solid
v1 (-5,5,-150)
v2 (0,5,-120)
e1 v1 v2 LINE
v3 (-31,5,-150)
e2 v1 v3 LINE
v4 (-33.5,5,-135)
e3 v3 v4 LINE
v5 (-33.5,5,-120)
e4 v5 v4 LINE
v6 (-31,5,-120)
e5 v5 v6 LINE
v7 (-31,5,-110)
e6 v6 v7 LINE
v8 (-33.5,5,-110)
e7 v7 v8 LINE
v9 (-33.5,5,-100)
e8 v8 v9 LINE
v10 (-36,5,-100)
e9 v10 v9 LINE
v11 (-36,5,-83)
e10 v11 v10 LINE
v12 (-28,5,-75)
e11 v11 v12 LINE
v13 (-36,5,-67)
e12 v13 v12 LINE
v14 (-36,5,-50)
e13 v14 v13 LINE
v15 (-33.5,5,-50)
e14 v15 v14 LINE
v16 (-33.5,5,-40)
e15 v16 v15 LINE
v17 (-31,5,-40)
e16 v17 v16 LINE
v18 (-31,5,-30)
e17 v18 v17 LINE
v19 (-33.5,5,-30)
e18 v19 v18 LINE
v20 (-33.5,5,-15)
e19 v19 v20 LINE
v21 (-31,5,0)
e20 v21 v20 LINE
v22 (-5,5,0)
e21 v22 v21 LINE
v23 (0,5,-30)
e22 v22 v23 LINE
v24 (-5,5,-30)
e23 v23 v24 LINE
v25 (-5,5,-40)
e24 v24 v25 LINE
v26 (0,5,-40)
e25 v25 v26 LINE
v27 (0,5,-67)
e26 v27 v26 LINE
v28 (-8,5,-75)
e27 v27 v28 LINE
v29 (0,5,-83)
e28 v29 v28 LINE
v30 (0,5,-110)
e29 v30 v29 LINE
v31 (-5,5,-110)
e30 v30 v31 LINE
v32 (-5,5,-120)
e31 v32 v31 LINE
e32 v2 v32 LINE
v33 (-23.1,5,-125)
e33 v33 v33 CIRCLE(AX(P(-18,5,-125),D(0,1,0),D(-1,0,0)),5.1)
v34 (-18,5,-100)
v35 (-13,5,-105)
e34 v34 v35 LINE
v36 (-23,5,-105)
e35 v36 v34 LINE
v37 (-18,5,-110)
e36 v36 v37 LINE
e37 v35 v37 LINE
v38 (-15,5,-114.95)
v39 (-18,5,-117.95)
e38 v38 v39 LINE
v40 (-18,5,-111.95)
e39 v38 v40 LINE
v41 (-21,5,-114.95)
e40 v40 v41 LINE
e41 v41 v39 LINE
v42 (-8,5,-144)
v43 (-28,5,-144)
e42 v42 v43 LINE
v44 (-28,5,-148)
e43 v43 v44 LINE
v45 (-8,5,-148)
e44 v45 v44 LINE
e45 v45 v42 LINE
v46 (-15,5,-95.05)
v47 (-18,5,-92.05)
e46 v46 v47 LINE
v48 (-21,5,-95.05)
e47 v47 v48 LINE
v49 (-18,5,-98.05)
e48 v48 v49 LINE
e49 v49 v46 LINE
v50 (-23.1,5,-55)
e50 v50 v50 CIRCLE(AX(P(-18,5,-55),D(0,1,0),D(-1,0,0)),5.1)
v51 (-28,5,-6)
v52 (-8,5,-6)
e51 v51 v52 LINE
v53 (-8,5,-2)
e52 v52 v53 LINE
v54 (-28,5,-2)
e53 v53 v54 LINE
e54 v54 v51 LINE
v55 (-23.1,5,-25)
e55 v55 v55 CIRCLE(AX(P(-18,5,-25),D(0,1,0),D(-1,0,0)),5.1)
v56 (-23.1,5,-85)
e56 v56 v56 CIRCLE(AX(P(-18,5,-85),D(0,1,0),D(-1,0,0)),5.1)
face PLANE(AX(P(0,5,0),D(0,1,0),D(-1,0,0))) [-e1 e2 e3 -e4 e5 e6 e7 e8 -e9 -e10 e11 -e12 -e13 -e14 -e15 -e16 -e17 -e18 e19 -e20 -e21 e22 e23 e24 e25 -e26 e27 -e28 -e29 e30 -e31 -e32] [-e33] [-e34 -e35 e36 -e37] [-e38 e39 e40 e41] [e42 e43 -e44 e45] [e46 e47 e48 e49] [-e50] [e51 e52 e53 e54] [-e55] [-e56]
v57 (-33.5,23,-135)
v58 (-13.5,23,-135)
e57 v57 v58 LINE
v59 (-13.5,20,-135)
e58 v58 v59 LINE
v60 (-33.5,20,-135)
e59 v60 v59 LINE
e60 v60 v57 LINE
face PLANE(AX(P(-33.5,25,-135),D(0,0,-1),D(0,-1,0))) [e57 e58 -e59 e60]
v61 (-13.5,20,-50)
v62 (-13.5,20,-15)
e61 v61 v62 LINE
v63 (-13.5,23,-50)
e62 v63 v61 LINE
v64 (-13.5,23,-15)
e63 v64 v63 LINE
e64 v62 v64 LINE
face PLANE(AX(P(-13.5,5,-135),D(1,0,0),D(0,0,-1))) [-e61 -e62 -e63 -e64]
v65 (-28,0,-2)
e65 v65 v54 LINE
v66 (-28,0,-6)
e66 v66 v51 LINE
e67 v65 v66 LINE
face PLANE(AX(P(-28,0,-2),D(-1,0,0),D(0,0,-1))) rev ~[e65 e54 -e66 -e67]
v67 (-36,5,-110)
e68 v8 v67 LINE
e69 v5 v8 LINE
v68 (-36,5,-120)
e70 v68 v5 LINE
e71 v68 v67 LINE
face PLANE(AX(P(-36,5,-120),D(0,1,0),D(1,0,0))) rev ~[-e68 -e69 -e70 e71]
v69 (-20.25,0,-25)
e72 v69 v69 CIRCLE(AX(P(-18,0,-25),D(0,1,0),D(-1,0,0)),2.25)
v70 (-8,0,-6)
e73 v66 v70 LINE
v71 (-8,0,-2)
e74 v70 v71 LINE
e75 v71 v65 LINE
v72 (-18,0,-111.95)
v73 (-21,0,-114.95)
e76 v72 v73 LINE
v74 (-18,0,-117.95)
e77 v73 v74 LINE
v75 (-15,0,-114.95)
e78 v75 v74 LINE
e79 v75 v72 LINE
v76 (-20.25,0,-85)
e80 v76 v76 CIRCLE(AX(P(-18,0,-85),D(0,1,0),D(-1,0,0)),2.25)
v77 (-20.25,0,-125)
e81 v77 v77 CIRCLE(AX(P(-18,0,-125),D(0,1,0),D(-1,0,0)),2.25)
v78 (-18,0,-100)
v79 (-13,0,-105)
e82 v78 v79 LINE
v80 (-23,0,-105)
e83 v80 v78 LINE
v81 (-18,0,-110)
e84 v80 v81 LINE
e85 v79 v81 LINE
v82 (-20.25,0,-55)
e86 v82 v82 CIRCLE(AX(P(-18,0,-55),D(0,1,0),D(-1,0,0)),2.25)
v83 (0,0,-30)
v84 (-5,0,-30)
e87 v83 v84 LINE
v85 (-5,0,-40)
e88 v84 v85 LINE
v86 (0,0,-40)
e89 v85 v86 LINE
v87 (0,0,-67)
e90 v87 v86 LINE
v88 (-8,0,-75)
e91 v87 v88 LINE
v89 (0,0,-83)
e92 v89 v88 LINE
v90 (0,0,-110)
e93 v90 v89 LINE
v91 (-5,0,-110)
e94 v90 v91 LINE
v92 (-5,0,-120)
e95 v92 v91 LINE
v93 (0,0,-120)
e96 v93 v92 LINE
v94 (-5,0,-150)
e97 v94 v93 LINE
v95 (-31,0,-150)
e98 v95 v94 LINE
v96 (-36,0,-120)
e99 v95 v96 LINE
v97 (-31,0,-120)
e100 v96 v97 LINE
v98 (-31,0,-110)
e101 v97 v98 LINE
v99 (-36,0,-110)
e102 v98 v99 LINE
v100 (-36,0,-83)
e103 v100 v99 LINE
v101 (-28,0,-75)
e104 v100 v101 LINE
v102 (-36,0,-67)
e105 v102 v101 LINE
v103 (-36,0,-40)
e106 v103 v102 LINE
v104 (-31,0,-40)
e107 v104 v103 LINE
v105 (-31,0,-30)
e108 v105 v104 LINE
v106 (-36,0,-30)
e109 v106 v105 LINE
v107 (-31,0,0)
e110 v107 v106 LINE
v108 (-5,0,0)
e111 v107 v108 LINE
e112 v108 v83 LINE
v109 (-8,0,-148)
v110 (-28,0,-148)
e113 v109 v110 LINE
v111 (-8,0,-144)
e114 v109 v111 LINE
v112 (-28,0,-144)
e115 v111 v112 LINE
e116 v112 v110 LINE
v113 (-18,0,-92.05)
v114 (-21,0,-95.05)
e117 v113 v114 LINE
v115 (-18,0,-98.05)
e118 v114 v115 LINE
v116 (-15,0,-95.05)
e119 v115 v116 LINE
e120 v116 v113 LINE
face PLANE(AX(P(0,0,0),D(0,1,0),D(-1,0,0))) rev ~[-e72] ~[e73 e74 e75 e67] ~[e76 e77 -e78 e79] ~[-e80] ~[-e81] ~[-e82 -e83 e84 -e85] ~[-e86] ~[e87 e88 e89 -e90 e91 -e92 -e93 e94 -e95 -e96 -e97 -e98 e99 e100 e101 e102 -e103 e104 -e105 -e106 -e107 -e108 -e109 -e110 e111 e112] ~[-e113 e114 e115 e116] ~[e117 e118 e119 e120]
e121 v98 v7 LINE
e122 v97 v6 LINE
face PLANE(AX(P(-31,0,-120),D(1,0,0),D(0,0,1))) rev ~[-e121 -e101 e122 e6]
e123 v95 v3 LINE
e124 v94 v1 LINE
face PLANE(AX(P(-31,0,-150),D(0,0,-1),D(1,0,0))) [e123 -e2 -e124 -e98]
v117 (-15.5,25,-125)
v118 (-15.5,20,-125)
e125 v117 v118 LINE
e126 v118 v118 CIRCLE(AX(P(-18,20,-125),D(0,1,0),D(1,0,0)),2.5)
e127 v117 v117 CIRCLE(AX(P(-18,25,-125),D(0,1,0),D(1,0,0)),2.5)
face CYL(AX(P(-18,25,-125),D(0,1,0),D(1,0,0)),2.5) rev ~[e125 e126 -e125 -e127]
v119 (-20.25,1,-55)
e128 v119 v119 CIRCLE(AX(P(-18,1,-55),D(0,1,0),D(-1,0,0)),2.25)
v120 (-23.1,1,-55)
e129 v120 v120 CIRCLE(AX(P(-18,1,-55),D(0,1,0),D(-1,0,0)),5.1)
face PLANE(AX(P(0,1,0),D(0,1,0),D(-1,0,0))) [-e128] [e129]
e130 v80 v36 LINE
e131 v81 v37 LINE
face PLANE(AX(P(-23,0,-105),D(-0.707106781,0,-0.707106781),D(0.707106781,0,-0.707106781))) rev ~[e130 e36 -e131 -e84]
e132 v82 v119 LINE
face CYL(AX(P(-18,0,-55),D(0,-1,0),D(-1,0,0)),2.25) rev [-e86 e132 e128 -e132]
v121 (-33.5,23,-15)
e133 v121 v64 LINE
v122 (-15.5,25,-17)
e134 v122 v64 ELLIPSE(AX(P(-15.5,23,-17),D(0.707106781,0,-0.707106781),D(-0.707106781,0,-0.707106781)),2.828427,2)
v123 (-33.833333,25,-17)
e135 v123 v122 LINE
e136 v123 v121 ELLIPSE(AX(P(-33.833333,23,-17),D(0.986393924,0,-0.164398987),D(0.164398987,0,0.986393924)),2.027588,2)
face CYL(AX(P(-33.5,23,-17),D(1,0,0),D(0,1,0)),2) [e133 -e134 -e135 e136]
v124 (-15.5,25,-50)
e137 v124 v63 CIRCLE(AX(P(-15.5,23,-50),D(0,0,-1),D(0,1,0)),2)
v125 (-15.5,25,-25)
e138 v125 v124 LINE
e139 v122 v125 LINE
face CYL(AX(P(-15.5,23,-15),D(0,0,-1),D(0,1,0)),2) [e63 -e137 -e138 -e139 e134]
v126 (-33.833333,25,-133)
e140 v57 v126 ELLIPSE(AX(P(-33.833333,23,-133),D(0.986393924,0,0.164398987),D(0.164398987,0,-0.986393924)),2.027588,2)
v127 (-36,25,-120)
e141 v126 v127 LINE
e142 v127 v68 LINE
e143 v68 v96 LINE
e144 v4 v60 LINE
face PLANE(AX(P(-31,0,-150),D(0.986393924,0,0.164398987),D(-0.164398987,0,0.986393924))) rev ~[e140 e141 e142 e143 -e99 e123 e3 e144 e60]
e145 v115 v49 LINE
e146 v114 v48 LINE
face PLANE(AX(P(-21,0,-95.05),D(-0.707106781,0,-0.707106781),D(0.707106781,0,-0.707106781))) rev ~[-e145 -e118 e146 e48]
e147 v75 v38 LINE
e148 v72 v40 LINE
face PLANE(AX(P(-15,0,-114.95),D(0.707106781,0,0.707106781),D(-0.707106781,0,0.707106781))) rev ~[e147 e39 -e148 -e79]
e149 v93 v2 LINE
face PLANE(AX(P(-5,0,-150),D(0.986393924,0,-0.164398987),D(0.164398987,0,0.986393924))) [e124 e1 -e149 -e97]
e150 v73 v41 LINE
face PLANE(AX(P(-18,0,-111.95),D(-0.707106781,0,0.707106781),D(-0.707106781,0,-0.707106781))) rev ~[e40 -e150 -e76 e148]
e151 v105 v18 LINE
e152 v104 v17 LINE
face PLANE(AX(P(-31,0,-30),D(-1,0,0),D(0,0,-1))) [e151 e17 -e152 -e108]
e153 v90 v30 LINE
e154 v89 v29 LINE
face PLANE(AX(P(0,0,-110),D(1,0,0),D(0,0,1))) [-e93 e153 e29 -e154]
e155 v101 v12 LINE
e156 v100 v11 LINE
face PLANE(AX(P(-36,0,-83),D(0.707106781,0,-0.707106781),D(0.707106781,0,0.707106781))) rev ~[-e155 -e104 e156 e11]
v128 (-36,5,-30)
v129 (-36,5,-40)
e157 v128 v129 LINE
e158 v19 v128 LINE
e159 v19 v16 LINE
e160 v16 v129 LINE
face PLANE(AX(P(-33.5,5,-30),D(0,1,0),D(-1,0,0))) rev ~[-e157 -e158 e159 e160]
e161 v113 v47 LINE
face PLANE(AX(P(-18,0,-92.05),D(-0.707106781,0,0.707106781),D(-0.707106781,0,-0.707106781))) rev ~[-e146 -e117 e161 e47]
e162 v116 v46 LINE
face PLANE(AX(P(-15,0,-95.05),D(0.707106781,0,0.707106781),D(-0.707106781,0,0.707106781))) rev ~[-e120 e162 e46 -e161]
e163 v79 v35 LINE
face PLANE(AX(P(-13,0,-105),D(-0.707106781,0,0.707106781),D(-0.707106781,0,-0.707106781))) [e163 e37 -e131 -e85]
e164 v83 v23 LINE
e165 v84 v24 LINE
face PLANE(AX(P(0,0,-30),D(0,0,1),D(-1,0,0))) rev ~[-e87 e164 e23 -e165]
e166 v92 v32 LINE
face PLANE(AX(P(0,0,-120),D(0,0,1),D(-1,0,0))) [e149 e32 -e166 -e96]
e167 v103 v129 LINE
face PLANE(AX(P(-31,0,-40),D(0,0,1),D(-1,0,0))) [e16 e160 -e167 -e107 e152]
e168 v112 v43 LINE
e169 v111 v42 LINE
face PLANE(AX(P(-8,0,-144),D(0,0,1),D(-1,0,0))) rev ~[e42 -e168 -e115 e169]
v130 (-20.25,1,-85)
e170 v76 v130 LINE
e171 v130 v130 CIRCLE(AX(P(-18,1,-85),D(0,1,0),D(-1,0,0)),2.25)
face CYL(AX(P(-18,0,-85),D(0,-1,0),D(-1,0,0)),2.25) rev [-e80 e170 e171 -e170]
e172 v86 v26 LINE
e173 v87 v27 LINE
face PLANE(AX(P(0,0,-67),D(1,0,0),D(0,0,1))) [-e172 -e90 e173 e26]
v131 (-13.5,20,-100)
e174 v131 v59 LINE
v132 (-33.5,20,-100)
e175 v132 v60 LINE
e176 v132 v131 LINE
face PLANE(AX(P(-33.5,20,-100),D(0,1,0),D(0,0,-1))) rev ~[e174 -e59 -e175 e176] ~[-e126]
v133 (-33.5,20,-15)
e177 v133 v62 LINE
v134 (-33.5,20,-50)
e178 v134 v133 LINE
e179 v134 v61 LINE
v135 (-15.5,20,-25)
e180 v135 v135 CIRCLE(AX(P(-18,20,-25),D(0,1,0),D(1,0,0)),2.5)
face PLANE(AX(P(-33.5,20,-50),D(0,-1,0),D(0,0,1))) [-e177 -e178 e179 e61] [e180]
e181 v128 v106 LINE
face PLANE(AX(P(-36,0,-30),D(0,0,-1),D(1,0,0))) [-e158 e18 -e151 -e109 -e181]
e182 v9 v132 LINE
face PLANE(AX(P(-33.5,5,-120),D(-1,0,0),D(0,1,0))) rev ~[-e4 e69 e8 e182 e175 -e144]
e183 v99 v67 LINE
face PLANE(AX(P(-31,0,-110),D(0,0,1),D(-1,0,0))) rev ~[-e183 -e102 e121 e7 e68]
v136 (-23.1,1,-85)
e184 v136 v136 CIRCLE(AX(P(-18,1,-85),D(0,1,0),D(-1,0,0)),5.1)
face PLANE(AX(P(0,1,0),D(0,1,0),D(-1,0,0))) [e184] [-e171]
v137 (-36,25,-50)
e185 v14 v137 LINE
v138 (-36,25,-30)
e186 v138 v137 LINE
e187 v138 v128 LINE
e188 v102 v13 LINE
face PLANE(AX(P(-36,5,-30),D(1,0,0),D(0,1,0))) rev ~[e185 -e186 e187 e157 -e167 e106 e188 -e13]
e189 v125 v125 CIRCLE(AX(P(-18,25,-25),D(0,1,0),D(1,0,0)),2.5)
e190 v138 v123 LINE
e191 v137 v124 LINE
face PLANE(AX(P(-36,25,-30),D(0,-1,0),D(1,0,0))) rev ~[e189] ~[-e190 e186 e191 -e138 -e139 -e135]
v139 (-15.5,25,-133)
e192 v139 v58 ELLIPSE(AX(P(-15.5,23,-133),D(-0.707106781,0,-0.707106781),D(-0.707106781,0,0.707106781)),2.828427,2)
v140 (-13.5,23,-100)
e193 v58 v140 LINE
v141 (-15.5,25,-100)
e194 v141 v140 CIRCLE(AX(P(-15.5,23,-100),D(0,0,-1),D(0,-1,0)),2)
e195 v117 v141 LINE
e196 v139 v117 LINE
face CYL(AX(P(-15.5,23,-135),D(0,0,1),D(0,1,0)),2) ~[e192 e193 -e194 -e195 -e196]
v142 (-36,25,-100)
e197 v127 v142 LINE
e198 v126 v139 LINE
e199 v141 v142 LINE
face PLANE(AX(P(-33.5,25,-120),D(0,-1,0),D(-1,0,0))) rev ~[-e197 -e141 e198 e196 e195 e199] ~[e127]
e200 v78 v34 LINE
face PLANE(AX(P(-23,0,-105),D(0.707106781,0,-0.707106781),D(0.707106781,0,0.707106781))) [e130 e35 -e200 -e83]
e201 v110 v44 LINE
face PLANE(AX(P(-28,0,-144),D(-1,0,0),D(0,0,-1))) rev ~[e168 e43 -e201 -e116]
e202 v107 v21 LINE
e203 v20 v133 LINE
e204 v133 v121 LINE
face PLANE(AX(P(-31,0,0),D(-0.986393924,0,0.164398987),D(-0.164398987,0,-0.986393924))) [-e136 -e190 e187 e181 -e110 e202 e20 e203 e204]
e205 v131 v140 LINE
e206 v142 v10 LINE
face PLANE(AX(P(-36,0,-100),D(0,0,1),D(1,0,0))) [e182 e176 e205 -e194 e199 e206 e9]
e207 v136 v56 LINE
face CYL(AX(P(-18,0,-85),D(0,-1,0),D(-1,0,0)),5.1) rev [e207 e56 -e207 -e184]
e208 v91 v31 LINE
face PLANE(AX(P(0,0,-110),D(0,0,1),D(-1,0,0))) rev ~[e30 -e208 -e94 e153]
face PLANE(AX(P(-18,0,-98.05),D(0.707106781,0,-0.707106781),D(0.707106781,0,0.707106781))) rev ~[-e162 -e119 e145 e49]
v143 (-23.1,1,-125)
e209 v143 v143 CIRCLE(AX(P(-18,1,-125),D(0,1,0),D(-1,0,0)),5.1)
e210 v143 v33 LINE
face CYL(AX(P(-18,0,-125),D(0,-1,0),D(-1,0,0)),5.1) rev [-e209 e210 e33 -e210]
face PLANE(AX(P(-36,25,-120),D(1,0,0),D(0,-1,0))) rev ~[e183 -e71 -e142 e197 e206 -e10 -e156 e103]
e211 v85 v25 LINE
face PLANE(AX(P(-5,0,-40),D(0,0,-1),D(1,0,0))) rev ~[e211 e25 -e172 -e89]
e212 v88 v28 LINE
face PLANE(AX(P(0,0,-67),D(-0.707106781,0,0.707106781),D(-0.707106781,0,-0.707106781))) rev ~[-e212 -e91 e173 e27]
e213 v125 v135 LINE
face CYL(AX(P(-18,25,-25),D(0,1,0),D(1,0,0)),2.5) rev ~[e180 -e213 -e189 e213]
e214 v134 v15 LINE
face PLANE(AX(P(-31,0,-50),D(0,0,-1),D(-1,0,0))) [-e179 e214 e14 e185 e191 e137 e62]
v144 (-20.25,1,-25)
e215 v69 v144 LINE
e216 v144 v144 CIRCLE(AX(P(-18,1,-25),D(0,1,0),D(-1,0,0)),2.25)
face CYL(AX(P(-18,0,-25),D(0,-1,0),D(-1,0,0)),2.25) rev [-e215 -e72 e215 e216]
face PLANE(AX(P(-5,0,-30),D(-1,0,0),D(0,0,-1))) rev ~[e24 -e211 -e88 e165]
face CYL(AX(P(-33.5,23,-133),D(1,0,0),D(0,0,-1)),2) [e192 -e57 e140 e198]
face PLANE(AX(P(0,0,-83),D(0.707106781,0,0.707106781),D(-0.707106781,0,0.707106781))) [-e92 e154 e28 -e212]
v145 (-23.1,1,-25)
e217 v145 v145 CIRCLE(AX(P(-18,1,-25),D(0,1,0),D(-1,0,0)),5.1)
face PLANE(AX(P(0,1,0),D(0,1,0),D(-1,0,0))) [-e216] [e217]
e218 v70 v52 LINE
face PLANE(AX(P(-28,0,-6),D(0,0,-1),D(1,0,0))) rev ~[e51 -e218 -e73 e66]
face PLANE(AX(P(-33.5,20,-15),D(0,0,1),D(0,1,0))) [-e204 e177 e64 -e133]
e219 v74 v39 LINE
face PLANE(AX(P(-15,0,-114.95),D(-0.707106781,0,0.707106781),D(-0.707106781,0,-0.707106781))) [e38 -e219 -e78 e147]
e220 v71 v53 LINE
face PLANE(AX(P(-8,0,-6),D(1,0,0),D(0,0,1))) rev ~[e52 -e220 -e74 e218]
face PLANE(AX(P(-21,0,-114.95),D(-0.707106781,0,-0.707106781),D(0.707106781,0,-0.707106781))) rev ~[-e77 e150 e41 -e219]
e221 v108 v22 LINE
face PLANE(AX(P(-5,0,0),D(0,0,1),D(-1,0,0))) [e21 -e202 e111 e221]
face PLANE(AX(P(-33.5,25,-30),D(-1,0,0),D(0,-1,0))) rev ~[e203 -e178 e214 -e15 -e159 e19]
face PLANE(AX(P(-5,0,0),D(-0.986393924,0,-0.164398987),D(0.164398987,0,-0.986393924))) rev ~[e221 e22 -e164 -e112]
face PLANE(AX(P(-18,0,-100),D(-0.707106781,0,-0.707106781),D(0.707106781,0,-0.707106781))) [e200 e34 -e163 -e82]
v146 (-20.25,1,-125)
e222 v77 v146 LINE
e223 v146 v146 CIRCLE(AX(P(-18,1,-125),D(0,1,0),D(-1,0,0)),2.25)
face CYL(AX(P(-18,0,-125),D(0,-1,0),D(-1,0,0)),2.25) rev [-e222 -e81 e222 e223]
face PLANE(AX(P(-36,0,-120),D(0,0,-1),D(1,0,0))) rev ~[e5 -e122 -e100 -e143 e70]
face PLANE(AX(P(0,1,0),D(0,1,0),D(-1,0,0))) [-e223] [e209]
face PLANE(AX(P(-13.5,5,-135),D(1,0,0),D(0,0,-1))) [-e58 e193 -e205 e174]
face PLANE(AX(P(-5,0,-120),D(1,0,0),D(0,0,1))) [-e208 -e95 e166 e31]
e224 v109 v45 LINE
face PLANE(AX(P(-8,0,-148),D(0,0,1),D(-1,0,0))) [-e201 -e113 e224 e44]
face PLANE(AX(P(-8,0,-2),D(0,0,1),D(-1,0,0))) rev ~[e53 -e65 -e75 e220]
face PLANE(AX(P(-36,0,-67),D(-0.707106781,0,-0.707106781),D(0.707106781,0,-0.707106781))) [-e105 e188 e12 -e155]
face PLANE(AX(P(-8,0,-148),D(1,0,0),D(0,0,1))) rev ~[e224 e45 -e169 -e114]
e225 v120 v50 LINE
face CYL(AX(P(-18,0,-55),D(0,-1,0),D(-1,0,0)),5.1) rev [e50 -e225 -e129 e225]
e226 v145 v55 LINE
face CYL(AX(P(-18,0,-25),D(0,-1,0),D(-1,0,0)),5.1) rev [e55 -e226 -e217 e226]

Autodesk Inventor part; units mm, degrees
ref_plane "YZ Plane" through (0, 0, 0) normal (1, 0, 0) x (0, 1, 0)
ref_plane "XZ Plane" through (0, 0, 0) normal (0, 1, 0) x (-1, 0, 0)
ref_plane "XY Plane" through (0, 0, 0) normal (0, 0, 1) x (1, 0, 0)
sketch "Sketch1" plane through (0, 0, 0) normal (0, 1, 0) x (-1, 0, 0)
  line L0 (5, 0) -> (31, 0)
  line L1 (36, -30) -> (36, -120)
  line L2 (31, -150) -> (5, -150)
  line L3 (0, -120) -> (0, -30)
  circle A0 centre (18, -25) radius 5.1
  circle A1 centre (18, -55) radius 5.1
  circle A2 centre (18, -85) radius 5.1
  circle A3 centre (18, -125) radius 5.1
  line L4 (36, -30) -> (31, -30)
  line L5 (31, -30) -> (31, -40)
  line L6 (31, -40) -> (36, -40)
  line L7 (36, -120) -> (31, -120)
  line L8 (31, -120) -> (31, -110)
  line L9 (31, -110) -> (36, -110)
  line L10 (0, -30) -> (5, -30)
  line L11 (5, -30) -> (5, -40)
  line L12 (5, -40) -> (0, -40)
  line L13 (0, -120) -> (5, -120)
  line L14 (5, -120) -> (5, -110)
  line L15 (0, -110) -> (5, -110)
  circle A4 centre (18, -25) radius 2.25
  circle A5 centre (18, -55) radius 2.25
  circle A6 centre (18, -85) radius 2.25
  circle A7 centre (18, -125) radius 2.25
  line L16 (5, 0) -> (0, -30)
  line L17 (31, -150) -> (36, -120)
  line L18 (5, -150) -> (0, -120)
  line L19 (31, 0) -> (36, -30)
  line L20 (18, -100) -> (13, -105)
  line L21 (13, -105) -> (18, -110)
  line L22 (23, -105) -> (18, -110)
  line L23 (23, -105) -> (18, -100)
  line L24 (21, -114.95) -> (18, -117.95)
  line L25 (15, -114.95) -> (18, -117.95)
  line L26 (15, -114.95) -> (18, -111.95)
  line L27 (18, -111.95) -> (21, -114.95)
  line L28 (21, -95.05) -> (18, -98.05)
  line L29 (18, -98.05) -> (15, -95.05)
  line L30 (15, -95.05) -> (18, -92.05)
  line L31 (18, -92.05) -> (21, -95.05)
  line L32 (31, -150) -> (28, -150)
  line L33 (5, -150) -> (8, -150)
  line L34 (8, -148) -> (28, -148)
  line L35 (8, -148) -> (8, -144)
  line L36 (8, -144) -> (28, -144)
  line L37 (28, -144) -> (28, -148)
  line L38 (31, 0) -> (28, 0)
  line L39 (5, 0) -> (8, 0)
  line L40 (8, -2) -> (28, -2)
  line L41 (28, -2) -> (28, -6)
  line L42 (28, -6) -> (8, -6)
  line L43 (8, -6) -> (8, -2)
  line L44 (36, -75) -> (36, -83)
  line L45 (36, -75) -> (36, -67)
  line L46 (36, -67) -> (28, -75)
  line L47 (36, -83) -> (28, -75)
  line L48 (0, -75) -> (0, -83)
  line L49 (0, -75) -> (0, -67)
  line L50 (0, -67) -> (8, -75)
  line L51 (0, -83) -> (8, -75)
  point P0 (0, 0)
  point P1 (18, 0)
  point P2 (18, -150)
  dimension "d2" = 10.2
  dimension "d3" = 25
  dimension "d4" = 10.2
  dimension "d5" = 30
  dimension "d6" = 10.2
  dimension "d7" = 30
  dimension "d8" = 10.2
  dimension "d9" = 40
  dimension "d10" = 25
  dimension "d12" = 5
  dimension "d13" = 10
  dimension "d15" = 10
  dimension "d17" = 5
  dimension "d19" = 5
  dimension "d22" = 4.5
  dimension "d23" = 4.5
  dimension "d24" = 4.5
  dimension "d25" = 4.5
  dimension "d38" = 3
  dimension "d39" = 2
  dimension "d41" = 2
  dimension "d42" = 4
  dimension "d44" = 2
  dimension "d45" = 3
  dimension "d46" = 4
  dimension "d50" = 8
  dimension "d51" = 8
extrude "Extrusion1" add sketch "Sketch1" along normal blind 5 contours L0 L19 L4 L5 L6 L1 L46 L47 L9 L8 L7 L17 L2 L18 L13 L14 L15 L3 L51 L50 L12 L11 L10 L16
extrude "Extrusion2" add sketch "Sketch1" along normal blind 1 contours A0 | A1 | A2 | A3
sketch "Sketch2" plane through (0, 5, 0) normal (0, 1, 0) x (1, 0, 0)
  line L0 (-36, 120) -> (-31, 120) projected
  line L1 (-33.5, 120) -> (-33.5, 135)
  line L2 (-31, 150) -> (-36, 120) projected
  line L3 (-33.5, 120) -> (-35.9995, 120)
  line L4 (-35.9995, 120) -> (-33.5, 135)
  line L5 (-31, 30) -> (-36, 30) projected
  line L6 (-33.5, 30) -> (-33.5, 15)
  line L7 (-36, 30) -> (-31, 0) projected
  line L8 (-33.5, 15) -> (-36, 30)
  line L9 (-36, 30) -> (-33.5, 30)
  point P0 (0, 0)
  dimension "d52" = 15
extrude "Extrusion3" add sketch "Sketch2" along normal blind 20
sketch "Sketch3" plane through (-36, 0, -120) normal (0, 0, 1) x (1, 0, 0)
  line L0 (2.5, 5) -> (2.5, 25) projected
  line L1 (0, 0) -> (0, 5) projected
  line L2 (2.5, 25) -> (0, 25)
  line L3 (0, 25) -> (0, 5)
  line L4 (0, 5) -> (2.5, 5)
  line L5 (2.5, 5) -> (2.5, 25)
  point P0 (36, 0)
extrude "Extrusion4" add sketch "Sketch3" along normal blind 20
sketch "Sketch4" plane through (-31, 0, -30) normal (0, 0, -1) x (-1, 0, 0)
  line L0 (5, 0) -> (5, 25) projected
  line L1 (2.5, 5) -> (5, 5)
  line L2 (5, 5) -> (5, 25)
  line L3 (5, 25) -> (2.5, 25)
  line L4 (2.5, 25) -> (2.5, 5)
  point P0 (-31, 0)
extrude "Extrusion5" add sketch "Sketch4" along normal blind 20
sketch "Sketch5" plane through (-33.5, 5, -135) normal (1, 0, 0) x (0, 0, -1)
  line L0 (0, 20) -> (-35, 20) projected
  line L1 (0, 20) -> (0, 10)
  line L2 (0, 0) -> (0, 20) projected
  line L3 (-35, 0) -> (-35, 20) projected
  line L4 (-35, 10) -> (-35, 20)
  line L5 (-35, 20) -> (0, 20)
  line L6 (-85, 20) -> (-85, 0) projected
  line L7 (-120, 20) -> (-85, 20) projected
  line L8 (-85, 10) -> (-120, 10)
  line L9 (-120, 10) -> (-120, 20)
  line L10 (-120, 20) -> (-85, 20)
  line L11 (-85, 20) -> (-85, 10)
  line L12 (0, 10) -> (-35, 10)
  line L13 (-35, 10) -> (-35, 20)
  line L14 (-35, 20) -> (0, 20)
  line L15 (0, 20) -> (0, 10)
  line L16 (0, 0) -> (-35, 0)
  line L17 (-35, 0) -> (-35, 15)
  line L18 (-35, 15) -> (0, 15)
  line L19 (0, 15) -> (0, 0)
  line L20 (-35, 15) -> (0, 15)
  line L21 (0, 15) -> (0, 20)
  line L22 (0, 20) -> (-35, 20)
  line L23 (-35, 20) -> (-35, 15)
  line L24 (-85, 15) -> (-120, 15)
  line L25 (-120, 15) -> (-120, 20)
  line L26 (-120, 20) -> (-85, 20)
  line L27 (-85, 20) -> (-85, 15)
  point P0 (-135, -5)
extrude "Extrusion6" add sketch "Sketch5" along normal blind 20 contours L1 L18 L3 L0 | L6 L24 L9 L7
fillet "Fillet1" radius 2 4 edges at (-13.5, 25, -117.5) (-13.5, 25, -32.5) (-23.5, 25, -15) (-23.5, 25, -135)
sketch "Sketch6" plane through (0, 25, 0) normal (0, 1, 0) x (1, 0, 0)
  circle A0 centre (-18, 125) radius 2.25 projected
  circle A1 centre (-18, 125) radius 2.25
  circle A2 centre (-18, 25) radius 2.25 projected
  circle A3 centre (-18, 25) radius 2.25
  circle A4 centre (-18, 125) radius 2.5
  circle A5 centre (-18, 25) radius 2.5
  point P0 (0, 0)
  dimension "d62" = 5
  dimension "d63" = 5
extrude "Extrusion7" cut sketch "Sketch6" against normal blind 20 contours A0 | A2 | A4 | A5
properties part number "SideV1"
